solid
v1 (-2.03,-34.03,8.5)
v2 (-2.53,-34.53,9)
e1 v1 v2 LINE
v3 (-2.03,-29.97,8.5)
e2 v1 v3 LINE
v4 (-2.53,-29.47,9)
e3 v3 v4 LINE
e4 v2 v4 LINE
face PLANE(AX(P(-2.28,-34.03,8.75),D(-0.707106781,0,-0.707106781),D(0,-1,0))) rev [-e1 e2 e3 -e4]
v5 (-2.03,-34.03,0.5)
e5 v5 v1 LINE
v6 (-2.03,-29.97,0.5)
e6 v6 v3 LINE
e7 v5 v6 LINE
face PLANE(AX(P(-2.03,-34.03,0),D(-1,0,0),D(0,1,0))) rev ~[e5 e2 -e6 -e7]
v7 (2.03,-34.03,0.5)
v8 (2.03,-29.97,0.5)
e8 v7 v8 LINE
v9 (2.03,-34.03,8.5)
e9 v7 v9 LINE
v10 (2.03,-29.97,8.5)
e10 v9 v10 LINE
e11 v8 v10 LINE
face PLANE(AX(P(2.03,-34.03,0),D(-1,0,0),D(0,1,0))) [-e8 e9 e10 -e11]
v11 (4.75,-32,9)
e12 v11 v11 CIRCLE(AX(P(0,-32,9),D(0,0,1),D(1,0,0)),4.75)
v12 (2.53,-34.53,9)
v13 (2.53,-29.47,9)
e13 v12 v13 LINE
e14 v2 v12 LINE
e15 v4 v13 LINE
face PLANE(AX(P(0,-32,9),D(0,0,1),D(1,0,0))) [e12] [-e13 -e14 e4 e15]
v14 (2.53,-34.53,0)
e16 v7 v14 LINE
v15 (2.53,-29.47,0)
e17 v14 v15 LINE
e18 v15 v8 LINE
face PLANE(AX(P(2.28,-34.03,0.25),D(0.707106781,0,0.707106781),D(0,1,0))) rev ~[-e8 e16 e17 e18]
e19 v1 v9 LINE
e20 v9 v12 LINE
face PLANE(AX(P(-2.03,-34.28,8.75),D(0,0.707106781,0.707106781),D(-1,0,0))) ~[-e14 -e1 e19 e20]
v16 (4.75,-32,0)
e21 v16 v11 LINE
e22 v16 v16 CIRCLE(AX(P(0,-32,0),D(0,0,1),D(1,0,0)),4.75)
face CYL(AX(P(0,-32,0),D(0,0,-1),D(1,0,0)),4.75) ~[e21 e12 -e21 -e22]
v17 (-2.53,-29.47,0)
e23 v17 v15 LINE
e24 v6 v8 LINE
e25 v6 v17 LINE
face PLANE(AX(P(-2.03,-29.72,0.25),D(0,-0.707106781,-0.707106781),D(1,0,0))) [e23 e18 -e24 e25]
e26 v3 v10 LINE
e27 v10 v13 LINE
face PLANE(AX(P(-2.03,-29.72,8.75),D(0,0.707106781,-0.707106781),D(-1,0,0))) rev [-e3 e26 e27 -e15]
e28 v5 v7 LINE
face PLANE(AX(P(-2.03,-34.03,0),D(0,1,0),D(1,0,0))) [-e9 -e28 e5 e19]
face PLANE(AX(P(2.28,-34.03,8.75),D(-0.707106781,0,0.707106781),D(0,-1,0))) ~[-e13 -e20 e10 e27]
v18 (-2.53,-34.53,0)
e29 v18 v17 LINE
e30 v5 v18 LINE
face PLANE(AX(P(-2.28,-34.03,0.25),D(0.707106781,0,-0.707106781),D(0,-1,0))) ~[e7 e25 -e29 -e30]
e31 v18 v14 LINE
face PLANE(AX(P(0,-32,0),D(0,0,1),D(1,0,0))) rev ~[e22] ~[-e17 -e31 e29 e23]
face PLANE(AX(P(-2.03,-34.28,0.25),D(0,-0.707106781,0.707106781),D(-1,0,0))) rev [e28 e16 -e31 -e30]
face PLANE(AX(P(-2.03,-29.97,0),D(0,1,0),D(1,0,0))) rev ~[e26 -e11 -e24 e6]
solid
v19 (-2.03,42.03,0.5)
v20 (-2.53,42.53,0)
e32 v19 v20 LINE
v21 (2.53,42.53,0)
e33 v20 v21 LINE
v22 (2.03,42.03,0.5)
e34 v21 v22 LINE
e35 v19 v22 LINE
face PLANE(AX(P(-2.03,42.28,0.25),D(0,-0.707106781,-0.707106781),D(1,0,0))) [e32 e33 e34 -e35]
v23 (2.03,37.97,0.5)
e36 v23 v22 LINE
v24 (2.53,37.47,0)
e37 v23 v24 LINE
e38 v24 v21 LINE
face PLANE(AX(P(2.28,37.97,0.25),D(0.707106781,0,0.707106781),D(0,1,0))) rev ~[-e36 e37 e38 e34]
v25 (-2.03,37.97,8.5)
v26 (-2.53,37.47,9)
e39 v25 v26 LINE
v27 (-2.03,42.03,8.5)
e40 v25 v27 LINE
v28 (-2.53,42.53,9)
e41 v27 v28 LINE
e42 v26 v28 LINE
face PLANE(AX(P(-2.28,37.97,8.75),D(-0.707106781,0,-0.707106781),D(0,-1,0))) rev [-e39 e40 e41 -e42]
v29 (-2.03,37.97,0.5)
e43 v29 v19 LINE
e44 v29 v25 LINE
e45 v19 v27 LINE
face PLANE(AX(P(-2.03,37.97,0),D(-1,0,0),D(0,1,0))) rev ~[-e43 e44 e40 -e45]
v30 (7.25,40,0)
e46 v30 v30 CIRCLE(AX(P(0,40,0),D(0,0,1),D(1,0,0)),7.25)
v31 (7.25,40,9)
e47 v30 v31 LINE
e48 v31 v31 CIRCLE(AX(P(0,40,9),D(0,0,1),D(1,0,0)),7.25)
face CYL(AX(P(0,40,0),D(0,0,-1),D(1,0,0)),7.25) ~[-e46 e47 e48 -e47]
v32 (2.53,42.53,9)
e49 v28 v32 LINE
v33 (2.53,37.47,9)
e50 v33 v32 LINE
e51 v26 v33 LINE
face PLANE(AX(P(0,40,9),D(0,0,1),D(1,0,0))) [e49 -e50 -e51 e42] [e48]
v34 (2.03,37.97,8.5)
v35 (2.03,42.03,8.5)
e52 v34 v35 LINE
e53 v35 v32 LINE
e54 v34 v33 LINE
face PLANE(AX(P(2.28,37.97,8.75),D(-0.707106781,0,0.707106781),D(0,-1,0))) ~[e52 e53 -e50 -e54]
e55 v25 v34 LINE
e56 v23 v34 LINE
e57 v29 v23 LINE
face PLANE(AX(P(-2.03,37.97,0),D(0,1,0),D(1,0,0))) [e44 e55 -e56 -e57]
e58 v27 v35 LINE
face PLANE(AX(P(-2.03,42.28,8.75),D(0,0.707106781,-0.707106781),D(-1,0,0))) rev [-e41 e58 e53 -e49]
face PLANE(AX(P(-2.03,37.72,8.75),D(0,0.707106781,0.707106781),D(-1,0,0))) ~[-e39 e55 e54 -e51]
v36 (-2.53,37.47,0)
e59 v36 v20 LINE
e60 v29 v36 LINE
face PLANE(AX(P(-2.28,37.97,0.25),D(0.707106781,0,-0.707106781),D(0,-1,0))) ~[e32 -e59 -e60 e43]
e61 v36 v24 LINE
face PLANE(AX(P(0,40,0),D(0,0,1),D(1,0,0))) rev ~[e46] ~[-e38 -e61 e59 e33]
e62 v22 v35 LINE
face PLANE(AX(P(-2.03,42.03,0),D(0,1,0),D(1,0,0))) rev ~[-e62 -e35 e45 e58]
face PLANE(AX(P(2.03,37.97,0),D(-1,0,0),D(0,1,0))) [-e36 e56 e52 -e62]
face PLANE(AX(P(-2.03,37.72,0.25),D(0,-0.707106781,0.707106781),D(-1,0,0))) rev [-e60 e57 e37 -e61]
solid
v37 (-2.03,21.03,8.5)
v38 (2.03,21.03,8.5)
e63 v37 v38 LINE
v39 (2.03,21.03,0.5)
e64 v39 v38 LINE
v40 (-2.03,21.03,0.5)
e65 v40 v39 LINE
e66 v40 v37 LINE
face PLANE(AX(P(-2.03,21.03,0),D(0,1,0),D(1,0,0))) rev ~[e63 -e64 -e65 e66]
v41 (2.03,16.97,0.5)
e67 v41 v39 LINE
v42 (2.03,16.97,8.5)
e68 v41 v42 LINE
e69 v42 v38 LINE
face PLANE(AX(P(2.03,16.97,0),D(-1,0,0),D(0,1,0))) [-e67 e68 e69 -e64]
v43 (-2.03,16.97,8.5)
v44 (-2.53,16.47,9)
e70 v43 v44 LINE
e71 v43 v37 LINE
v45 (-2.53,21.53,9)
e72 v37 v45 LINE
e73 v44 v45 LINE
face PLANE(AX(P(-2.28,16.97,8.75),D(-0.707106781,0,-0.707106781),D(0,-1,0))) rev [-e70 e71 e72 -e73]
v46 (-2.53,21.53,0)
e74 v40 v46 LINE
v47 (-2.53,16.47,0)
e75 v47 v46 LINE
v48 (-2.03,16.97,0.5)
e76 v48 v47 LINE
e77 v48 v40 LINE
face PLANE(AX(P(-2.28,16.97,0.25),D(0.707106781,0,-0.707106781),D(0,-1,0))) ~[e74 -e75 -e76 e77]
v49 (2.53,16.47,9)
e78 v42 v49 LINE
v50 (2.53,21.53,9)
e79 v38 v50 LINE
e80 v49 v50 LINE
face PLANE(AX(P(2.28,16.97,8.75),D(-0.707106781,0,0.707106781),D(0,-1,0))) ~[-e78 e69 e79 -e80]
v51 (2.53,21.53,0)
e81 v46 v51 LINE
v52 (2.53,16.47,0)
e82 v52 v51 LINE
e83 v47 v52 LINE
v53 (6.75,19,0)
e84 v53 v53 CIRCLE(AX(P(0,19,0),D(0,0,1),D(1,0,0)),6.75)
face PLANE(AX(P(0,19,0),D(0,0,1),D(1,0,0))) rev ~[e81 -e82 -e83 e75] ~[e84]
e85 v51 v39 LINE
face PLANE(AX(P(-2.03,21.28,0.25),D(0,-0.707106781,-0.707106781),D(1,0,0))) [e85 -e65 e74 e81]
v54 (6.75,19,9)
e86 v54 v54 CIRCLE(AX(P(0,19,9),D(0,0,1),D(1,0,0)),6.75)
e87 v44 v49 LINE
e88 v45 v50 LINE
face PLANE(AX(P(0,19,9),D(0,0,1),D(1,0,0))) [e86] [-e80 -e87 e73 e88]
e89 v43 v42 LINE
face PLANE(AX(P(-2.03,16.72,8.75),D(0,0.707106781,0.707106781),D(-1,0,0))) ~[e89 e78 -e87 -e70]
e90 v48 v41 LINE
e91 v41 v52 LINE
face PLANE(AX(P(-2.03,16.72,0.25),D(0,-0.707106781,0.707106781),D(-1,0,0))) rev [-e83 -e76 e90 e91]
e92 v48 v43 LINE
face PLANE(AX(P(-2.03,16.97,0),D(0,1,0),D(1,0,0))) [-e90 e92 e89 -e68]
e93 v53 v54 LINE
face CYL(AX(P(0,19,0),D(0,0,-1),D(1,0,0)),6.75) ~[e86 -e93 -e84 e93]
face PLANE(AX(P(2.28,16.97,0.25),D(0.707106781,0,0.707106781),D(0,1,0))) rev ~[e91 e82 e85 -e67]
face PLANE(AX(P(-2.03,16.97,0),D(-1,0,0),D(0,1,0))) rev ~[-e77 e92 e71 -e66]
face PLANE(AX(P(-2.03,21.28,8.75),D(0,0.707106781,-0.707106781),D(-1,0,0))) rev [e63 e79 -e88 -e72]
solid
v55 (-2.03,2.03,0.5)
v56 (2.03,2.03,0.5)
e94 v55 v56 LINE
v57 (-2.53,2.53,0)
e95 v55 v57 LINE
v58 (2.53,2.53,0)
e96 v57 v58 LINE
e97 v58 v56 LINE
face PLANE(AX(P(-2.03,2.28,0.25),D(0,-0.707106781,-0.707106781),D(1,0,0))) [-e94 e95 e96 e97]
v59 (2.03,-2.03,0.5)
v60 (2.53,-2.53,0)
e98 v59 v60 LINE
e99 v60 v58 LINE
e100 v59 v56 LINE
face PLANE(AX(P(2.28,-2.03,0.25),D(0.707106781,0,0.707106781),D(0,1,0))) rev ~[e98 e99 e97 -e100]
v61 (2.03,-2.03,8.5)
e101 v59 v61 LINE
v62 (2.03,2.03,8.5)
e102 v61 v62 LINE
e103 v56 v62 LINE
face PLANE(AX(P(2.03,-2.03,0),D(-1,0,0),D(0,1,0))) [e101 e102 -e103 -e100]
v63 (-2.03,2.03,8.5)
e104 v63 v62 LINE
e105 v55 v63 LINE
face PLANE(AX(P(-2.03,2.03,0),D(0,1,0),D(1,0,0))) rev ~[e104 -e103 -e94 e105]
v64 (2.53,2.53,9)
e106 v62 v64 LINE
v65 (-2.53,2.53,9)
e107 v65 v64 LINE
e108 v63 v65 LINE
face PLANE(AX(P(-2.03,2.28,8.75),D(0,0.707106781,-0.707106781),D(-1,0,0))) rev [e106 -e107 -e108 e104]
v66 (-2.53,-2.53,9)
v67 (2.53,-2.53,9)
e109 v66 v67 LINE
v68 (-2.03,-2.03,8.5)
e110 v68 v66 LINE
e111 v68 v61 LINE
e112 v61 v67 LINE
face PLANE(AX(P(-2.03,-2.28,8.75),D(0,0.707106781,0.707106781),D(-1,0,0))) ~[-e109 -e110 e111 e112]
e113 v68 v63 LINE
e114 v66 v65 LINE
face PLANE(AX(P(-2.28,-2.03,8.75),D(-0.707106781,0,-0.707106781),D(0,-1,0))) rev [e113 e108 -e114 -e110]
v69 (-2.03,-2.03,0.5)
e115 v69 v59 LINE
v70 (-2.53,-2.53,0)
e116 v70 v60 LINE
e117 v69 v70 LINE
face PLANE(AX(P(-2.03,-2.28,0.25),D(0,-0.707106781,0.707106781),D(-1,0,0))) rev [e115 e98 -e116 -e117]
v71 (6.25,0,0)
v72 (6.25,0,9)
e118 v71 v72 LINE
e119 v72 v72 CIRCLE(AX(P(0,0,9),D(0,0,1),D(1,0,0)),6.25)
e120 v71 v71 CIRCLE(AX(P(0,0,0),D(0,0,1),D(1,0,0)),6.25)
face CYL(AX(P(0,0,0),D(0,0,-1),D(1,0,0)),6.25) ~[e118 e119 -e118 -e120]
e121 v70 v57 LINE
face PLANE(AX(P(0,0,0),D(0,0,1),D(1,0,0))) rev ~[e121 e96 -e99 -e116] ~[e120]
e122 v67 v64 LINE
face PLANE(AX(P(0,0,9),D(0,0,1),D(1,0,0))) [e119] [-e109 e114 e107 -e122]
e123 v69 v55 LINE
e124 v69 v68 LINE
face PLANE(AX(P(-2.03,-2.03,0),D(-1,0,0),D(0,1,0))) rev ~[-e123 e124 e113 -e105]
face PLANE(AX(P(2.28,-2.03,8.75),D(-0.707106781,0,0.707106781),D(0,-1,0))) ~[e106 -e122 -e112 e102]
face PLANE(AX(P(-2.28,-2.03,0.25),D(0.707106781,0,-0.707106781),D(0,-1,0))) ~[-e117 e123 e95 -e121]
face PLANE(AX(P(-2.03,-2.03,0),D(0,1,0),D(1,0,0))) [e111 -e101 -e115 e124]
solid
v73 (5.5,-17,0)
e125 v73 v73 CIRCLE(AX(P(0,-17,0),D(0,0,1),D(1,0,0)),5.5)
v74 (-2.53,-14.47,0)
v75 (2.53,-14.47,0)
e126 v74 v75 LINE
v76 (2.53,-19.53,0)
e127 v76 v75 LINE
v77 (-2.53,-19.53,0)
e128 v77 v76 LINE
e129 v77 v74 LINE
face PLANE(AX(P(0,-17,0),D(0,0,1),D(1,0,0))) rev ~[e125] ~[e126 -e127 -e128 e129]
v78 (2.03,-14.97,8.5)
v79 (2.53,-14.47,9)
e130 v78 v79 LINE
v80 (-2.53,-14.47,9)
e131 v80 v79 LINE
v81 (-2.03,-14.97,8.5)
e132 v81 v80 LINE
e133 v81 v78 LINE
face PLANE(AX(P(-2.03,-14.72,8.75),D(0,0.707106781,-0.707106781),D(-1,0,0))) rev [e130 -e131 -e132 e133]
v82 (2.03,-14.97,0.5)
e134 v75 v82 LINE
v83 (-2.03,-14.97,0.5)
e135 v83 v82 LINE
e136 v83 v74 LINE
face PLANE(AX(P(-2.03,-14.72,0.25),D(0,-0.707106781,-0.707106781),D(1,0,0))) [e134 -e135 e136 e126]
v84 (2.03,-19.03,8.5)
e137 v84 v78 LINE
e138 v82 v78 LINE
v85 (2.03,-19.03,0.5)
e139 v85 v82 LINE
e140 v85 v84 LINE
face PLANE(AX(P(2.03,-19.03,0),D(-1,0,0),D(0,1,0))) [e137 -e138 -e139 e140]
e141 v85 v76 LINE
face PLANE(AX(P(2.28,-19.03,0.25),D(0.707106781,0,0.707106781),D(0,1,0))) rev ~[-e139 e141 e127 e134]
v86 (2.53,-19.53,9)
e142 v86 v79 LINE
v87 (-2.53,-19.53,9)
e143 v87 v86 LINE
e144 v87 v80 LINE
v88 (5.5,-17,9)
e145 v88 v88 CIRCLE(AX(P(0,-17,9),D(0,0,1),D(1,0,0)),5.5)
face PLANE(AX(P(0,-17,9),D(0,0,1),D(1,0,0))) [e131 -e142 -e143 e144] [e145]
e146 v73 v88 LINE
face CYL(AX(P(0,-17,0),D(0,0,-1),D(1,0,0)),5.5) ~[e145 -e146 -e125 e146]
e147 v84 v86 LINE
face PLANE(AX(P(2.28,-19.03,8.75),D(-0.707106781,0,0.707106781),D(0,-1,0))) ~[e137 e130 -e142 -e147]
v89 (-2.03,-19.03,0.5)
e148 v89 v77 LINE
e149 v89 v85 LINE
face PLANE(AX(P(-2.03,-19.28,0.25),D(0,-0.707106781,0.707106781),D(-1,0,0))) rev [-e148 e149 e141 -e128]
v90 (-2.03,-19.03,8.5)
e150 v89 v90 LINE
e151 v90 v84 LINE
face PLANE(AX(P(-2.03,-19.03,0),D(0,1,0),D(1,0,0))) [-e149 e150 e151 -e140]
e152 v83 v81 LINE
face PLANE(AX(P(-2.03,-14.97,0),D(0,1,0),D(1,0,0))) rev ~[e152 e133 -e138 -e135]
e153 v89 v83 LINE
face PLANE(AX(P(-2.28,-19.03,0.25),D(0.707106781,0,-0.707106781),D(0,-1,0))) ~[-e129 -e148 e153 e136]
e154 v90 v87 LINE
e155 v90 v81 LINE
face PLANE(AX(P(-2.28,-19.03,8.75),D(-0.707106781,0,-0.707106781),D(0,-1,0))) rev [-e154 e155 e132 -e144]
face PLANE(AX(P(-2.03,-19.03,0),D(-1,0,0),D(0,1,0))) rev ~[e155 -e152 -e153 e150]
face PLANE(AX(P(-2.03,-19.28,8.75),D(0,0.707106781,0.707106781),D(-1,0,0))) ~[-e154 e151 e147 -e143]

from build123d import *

# Parameters (mm, degrees)
F0_R     = 4.75
F0_W     = 4.06
F0_H     = 4.06
F0_R_2   = 5.5
F0_R_3   = 6.25
F0_R_4   = 6.75
F0_R_5   = 7.25
F1_DEPTH = 9
F2_SIZE  = 0.5
F3_SIZE  = 0.5


with BuildPart() as f1:
    # F0 (on Top) → F1 (new body)
    with BuildSketch(Plane.XY):
        with Locations((0, -32)):
            Circle(F0_R)
        with Locations((0, -32)):
            Rectangle(F0_W, F0_H, mode=Mode.SUBTRACT)
        with Locations((0, -17)):
            Circle(F0_R_2)
        with Locations((0, -17)):
            Rectangle(F0_W, F0_H, mode=Mode.SUBTRACT)
        Circle(F0_R_3)
        Rectangle(F0_W, F0_H, mode=Mode.SUBTRACT)
        with Locations((0, 19)):
            Circle(F0_R_4)
        with Locations((0, 19)):
            Rectangle(F0_W, F0_H, mode=Mode.SUBTRACT)
        with Locations((0, 40)):
            Circle(F0_R_5)
        with Locations((0, 40)):
            Rectangle(F0_W, F0_H, mode=Mode.SUBTRACT)
    extrude(amount=F1_DEPTH)

    # F2
    f2_edges = [f1.edges().sort_by_distance(p)[0] for p in [
        (0, 42.03, 9),
        (-2.03, 40, 9),
        (0, 37.97, 9),
        (2.03, 40, 9),
        (-2.03, 19, 9),
        (0, 21.03, 9),
        (2.03, 19, 9),
        (0, 16.97, 9),
        (-2.03, 0, 9),
        (0, 2.03, 9),
        (0, -2.03, 9),
        (2.03, 0, 9),
        (-2.03, -17, 9),
        (0, -14.97, 9),
        (2.03, -17, 9),
        (0, -19.03, 9),
        (-2.03, -32, 9),
        (0, -29.97, 9),
        (2.03, -32, 9),
        (0, -34.03, 9),
    ]]
    chamfer(f2_edges, length=F2_SIZE)

    # F3
    f3_edges = [f1.edges().sort_by_distance(p)[0] for p in [
        (-2.03, 40, 0),
        (0, 37.97, 0),
        (0, 42.03, 0),
        (2.03, 40, 0),
        (-2.03, 19, 0),
        (0, 16.97, 0),
        (2.03, 19, 0),
        (0, 21.03, 0),
        (-2.03, 0, 0),
        (0, 2.03, 0),
        (0, -2.03, 0),
        (2.03, 0, 0),
        (-2.03, -17, 0),
        (0, -19.03, 0),
        (0, -14.97, 0),
        (2.03, -17, 0),
        (-2.03, -32, 0),
        (0, -34.03, 0),
        (0, -29.97, 0),
        (2.03, -32, 0),
    ]]
    chamfer(f3_edges, length=F3_SIZE)


solid = f1.part
